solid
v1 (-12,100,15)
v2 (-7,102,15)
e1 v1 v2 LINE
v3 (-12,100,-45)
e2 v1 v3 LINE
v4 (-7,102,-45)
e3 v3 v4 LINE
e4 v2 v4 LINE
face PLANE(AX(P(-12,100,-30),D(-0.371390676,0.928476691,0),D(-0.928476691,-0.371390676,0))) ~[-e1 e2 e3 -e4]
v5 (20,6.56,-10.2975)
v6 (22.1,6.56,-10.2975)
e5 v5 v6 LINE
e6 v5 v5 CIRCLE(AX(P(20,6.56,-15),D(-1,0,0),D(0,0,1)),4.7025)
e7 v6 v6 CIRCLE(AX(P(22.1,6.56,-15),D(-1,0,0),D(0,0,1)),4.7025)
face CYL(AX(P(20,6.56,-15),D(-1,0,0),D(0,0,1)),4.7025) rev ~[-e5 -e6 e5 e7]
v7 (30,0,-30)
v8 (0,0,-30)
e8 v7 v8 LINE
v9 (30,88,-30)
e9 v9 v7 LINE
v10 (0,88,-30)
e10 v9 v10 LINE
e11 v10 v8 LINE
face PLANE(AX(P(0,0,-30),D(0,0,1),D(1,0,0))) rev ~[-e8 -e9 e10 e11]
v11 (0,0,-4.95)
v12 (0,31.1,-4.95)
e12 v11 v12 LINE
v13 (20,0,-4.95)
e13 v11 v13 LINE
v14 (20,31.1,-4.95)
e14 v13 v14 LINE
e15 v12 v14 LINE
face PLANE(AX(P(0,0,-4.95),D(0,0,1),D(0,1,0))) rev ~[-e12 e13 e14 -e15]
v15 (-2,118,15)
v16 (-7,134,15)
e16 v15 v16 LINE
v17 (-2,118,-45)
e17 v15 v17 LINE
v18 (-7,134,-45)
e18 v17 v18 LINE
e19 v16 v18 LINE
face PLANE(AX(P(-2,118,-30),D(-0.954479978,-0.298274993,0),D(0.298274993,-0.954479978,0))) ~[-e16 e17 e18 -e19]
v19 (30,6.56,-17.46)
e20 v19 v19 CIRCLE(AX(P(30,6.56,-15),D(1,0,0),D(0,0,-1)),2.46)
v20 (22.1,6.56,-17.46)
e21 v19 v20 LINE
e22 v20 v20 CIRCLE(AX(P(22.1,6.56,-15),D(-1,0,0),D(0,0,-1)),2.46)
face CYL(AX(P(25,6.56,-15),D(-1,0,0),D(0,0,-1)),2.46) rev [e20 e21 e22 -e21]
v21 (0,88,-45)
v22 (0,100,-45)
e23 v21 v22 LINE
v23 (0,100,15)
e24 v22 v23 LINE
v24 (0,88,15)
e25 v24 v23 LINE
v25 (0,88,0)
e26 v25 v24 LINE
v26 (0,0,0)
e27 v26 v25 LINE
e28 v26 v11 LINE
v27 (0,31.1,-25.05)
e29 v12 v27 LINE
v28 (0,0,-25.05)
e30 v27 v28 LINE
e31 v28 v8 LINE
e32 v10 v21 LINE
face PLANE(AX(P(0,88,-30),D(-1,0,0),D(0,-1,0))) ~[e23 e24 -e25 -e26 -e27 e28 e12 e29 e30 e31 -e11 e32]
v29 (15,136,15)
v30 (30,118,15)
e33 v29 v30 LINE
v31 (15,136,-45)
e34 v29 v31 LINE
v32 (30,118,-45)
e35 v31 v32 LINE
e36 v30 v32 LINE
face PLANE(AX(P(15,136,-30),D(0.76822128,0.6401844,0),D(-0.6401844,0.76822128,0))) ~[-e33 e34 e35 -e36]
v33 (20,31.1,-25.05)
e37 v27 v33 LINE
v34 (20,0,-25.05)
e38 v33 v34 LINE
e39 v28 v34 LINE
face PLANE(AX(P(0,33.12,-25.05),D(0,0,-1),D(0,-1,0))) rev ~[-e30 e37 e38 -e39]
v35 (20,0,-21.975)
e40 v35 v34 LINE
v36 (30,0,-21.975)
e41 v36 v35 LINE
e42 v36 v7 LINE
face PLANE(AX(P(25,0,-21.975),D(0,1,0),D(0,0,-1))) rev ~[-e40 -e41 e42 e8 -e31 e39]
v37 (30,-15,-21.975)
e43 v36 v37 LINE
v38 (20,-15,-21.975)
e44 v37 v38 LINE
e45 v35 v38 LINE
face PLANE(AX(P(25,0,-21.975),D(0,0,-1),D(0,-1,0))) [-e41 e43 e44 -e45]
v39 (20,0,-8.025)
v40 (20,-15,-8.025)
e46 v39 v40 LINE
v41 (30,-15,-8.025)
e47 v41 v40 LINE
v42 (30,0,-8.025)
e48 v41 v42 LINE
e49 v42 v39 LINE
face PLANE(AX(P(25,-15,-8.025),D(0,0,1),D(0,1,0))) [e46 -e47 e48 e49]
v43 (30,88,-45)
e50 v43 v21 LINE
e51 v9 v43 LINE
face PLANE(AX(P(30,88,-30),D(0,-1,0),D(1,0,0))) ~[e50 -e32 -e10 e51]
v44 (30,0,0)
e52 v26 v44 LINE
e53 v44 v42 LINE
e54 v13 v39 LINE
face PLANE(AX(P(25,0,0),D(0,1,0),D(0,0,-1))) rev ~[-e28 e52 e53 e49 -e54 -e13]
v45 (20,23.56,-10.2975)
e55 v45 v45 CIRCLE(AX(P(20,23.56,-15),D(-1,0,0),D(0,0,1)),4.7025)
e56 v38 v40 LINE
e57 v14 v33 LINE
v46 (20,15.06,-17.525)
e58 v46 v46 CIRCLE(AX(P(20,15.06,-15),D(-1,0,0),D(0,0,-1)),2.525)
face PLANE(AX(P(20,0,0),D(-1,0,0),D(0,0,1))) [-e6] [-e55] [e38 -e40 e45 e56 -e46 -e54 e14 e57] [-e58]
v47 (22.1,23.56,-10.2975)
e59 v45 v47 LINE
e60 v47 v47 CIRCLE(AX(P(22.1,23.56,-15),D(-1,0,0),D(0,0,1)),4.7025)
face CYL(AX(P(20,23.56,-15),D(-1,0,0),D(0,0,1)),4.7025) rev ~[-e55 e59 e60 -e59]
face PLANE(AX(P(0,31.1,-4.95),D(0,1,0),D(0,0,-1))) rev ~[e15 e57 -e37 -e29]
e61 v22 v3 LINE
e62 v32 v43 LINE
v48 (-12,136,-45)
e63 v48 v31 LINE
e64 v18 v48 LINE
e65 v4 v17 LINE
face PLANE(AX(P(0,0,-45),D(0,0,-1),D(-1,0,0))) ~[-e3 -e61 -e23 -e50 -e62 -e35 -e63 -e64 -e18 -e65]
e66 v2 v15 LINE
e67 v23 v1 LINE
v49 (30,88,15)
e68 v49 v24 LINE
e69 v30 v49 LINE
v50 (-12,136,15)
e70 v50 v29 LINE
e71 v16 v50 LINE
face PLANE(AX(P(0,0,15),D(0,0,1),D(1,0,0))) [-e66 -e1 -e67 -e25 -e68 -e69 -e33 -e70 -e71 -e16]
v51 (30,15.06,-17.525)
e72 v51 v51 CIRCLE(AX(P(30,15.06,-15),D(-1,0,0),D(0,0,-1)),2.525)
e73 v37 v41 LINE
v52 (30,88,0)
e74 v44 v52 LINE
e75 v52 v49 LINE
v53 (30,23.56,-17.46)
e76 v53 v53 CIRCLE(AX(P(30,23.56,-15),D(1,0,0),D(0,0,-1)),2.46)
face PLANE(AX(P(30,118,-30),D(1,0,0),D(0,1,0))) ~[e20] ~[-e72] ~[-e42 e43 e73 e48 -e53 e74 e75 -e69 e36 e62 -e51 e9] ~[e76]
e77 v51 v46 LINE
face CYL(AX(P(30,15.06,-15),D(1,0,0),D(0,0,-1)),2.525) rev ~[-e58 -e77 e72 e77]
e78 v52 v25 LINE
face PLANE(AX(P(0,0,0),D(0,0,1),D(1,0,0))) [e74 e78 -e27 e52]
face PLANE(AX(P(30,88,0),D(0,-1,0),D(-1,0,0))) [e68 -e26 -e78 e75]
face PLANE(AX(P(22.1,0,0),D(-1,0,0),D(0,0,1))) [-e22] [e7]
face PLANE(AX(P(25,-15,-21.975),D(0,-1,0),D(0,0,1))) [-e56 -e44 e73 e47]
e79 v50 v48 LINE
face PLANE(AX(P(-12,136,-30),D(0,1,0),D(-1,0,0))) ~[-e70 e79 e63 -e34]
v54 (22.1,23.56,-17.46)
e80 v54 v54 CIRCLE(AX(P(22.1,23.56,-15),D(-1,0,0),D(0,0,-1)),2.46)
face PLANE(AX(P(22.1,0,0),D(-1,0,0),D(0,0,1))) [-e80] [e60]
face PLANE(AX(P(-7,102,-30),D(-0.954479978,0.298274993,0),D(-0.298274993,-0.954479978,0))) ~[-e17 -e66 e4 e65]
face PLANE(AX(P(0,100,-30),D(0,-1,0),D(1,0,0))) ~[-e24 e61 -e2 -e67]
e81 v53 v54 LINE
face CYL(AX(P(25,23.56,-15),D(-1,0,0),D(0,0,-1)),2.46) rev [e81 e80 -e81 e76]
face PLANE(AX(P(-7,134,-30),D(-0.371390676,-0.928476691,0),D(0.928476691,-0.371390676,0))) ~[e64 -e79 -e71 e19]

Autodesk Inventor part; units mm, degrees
ref_plane "YZ Plane" through (0, 0, 0) normal (1, 0, 0) x (0, 1, 0)
ref_plane "XZ Plane" through (0, 0, 0) normal (0, 1, 0) x (-1, 0, 0)
sketch "Sketch1" plane through (0, 0, 0) normal (0, 0, 1) x (1, 0, 0)
  line L0 (0, 0) -> (25, 0)
  line L1 (25, 0) -> (25, 40)
  line L2 (25, 40) -> (0, 40)
  line L3 (0, 40) -> (0, 0)
  dimension "d1" = 25
  dimension "d2" = 40
  dimension "d3" = 25
extrude "Extrusion1" add sketch "Sketch1" against normal blind 30
sketch "Sketch2" plane through (25, 0, 0) normal (1, 0, 0) x (0, 0, -1)
  line L0 (0, 0) -> (30, 0) projected
  circle A0 centre (15, 6.56) radius 2.46
extrude "Extrusion2" cut sketch "Sketch2" against normal blind 30
sketch "Sketch3" plane through (0, 0, 0) normal (-1, 0, 0) x (0, 0, 1)
  line L0 (0, 0) -> (-30, 0) projected
  line L1 (-25.05, 0) -> (-4.95, 0)
  line L2 (-4.95, 0) -> (-4.95, 33.12)
  line L3 (-4.95, 33.12) -> (-25.05, 33.12)
  line L4 (-25.05, 33.12) -> (-25.05, 0)
  dimension "d11" = 20.1
extrude "Extrusion3" cut sketch "Sketch3" against normal blind 20
sketch "Sketch4" plane through (0, 0, 0) normal (0, -1, 0) x (1, 0, 0)
  line L0 (20, -4.95) -> (20, -25.05) projected
  line L1 (20, -15) -> (25, -15)
  line L2 (25, 0) -> (25, -30) projected
  line L3 (20, -8.025) -> (25, -8.025)
  line L4 (25, -8.025) -> (25, -21.975)
  line L5 (25, -21.975) -> (20, -21.975)
  line L6 (20, -21.975) -> (20, -8.025)
  line L7 (20, -8.025) -> (25, -21.975) construction
  line L8 (25, -8.025) -> (20, -21.975) construction
  line L9 (25, -12.54) -> (25, -17.46) projected
  point P0 (0, 0)
  point P1 (22.5, -15)
  dimension "d14" = 13.95
extrude "Extrusion4" add sketch "Sketch4" along normal blind 15
sketch "Sketch5" plane through (20, 0, 0) normal (-1, 0, 0) x (0, 0, 1)
  circle A0 centre (-15, 6.56) radius 2.46 projected
  circle A1 centre (-15, 6.56) radius 4.7025
  circle A2 centre (-15, 6.56) radius 2.46 projected
  circle A3 centre (-15, 6.56) radius 2.46
  point P0 (0, 0)
  dimension "d17" = 9.405
extrude "Extrusion5" cut sketch "Sketch5" against normal blind 2.1
sketch "Sketch6" plane through (25, 0, 0) normal (1, 0, 0) x (0, 0, -1)
  circle A0 centre (15, 6.56) radius 4.7025 projected
  line L0 (15, 6.56) -> (15, 23.56)
  circle A1 centre (15, 23.56) radius 2.46
  point P0 (0, 0)
  dimension "d20" = 17
  dimension "d21" = 4.92
extrude "Extrusion6" cut sketch "Sketch6" against normal blind 10 contours A1
sketch "Sketch7" plane through (20, 0, 0) normal (-1, 0, 0) x (0, 0, 1)
  circle A0 centre (-15, 23.56) radius 2.46 projected
  circle A1 centre (-15, 23.56) radius 4.7025
  point P0 (0, 0)
  dimension "d24" = 9.405
extrude "Extrusion7" cut sketch "Sketch7" against normal blind 2.1
sketch "Sketch9" plane through (25, 0, 0) normal (1, 0, 0) x (0, 0, -1)
  circle A0 centre (15, 6.56) radius 2.46 projected
  circle A1 centre (15, 6.56) radius 2.46
  circle A2 centre (15, 23.56) radius 2.46 projected
  circle A3 centre (15, 23.56) radius 2.46
  line L0 (30, 40) -> (30, 0) projected
  line L1 (30, 0) -> (30, 40)
  line L2 (30, 40) -> (0, 40)
  line L3 (0, 40) -> (0, 0)
  line L4 (0, 0) -> (8.025, 0) projected
  line L5 (21.975, 0) -> (21.975, -15)
  line L6 (21.975, -15) -> (8.025, -15)
  line L7 (8.025, -15) -> (8.025, 0)
  line L8 (0, 0) -> (8.025, 0)
  line L9 (21.975, 0) -> (30, 0)
extrude "Extrusion8" add sketch "Sketch9" along normal blind 5
sketch "Sketch10" plane through (0, 40, 0) normal (0, 1, 0) x (1, 0, 0)
  line L0 (0, 30) -> (30, 30) projected
  line L1 (30, 0) -> (0, 0) projected
  line L2 (0, 30) -> (30, 30)
  line L3 (30, 30) -> (30, 0)
  line L4 (30, 0) -> (0, 0)
  line L5 (0, 0) -> (0, 30)
extrude "Extrusion9" add sketch "Sketch10" along normal blind 30
sketch "Sketch12" plane through (30, 0, 0) normal (1, 0, 0) x (0, 0, -1)
  circle A0 centre (15, 6.56) radius 2.46 projected
  line L0 (15, 6.56) -> (15, 15.06)
  circle A1 centre (15, 15.06) radius 2.525
  point P0 (0, 0)
  dimension "d31" = 8.5
  dimension "d33" = 5.05
extrude "Extrusion10" cut sketch "Sketch12" against normal blind 30 contours A1
sketch "Sketch14" plane through (0, 0, 0) normal (0, 0, 1) x (1, 0, 0)
  line L0 (30, 70) -> (0, 70) projected
  line L1 (0, 70) -> (0, 85)
  line L2 (30, 0) -> (30, 70) projected
  line L3 (30, 118) -> (30, 70)
  line L4 (30, 105) -> (30, 100)
  line L5 (-7, 134) -> (-12, 136)
  line L6 (-7, 102) -> (-12, 100)
  line L7 (-7, 102) -> (-2, 118)
  line L8 (-2, 118) -> (-7, 134)
  line L9 (15, 136) -> (30, 118)
  line L10 (-12, 136) -> (15, 136)
  line L11 (0, 85) -> (0, 100)
  line L12 (0, 100) -> (-12, 100)
  point P0 (0, 0)
  dimension "d82" = 12
extrude "Extrusion12" add sketch "Sketch14" against normal blind 30
sketch "Sketch15" plane through (0, 0, -25.05) normal (-1, 0, 0) x (0, 0, 1)
  line L0 (0, 33.12) -> (20.1, 33.12) projected
  line L1 (20.1, 33.12) -> (20.1, 0) projected
  line L2 (0, 33.12) -> (20.1, 33.12)
  line L3 (20.1, 33.12) -> (20.1, 31.1)
  line L4 (20.1, 31.1) -> (0, 31.1)
  line L5 (0, 31.1) -> (0, 33.12)
  point P0 (25.05, 0)
  dimension "d57" = 2.02
extrude "Extrusion13" add sketch "Sketch15" against normal blind 20
sketch "Sketch23" plane through (0, 0, 0) normal (0, 0, 1) x (1, 0, 0)
  line L0 (0, 100) -> (-12, 100) projected
  line L1 (0, 100) -> (-12, 100)
  line L2 (-12, 100) -> (-7, 102) projected
  line L3 (-12, 100) -> (-7, 102)
  line L4 (-7, 102) -> (-2, 118) projected
  line L5 (-7, 102) -> (-2, 118)
  line L6 (-2, 118) -> (-7, 134) projected
  line L7 (-2, 118) -> (-7, 134)
  line L8 (-12, 136) -> (15, 136) projected
  line L9 (-7, 134) -> (-12, 136)
  line L10 (-12, 136) -> (15, 136)
  line L11 (15, 136) -> (30, 118) projected
  line L12 (15, 136) -> (30, 118)
  line L13 (30, 118) -> (30, 88)
  line L14 (30, 0) -> (30, 118) projected
  line L15 (30, 88) -> (0, 88)
  line L16 (0, 88) -> (0, 100)
  point P0 (0, 0)
  dimension "d83" = 30
  dimension "d84" = 30
extrude "Extrusion14" add sketch "Sketch23" along normal blind 15
ref_plane "Work Plane1" through (0, 0, -15) normal (0, 0, 1) x (1, 0, 0)
mirror "Mirror1" about plane through (0, 0, -15) normal (0, 0, 1) of "Extrusion14"
properties part number "rec_b_32mm_x_60mm"
